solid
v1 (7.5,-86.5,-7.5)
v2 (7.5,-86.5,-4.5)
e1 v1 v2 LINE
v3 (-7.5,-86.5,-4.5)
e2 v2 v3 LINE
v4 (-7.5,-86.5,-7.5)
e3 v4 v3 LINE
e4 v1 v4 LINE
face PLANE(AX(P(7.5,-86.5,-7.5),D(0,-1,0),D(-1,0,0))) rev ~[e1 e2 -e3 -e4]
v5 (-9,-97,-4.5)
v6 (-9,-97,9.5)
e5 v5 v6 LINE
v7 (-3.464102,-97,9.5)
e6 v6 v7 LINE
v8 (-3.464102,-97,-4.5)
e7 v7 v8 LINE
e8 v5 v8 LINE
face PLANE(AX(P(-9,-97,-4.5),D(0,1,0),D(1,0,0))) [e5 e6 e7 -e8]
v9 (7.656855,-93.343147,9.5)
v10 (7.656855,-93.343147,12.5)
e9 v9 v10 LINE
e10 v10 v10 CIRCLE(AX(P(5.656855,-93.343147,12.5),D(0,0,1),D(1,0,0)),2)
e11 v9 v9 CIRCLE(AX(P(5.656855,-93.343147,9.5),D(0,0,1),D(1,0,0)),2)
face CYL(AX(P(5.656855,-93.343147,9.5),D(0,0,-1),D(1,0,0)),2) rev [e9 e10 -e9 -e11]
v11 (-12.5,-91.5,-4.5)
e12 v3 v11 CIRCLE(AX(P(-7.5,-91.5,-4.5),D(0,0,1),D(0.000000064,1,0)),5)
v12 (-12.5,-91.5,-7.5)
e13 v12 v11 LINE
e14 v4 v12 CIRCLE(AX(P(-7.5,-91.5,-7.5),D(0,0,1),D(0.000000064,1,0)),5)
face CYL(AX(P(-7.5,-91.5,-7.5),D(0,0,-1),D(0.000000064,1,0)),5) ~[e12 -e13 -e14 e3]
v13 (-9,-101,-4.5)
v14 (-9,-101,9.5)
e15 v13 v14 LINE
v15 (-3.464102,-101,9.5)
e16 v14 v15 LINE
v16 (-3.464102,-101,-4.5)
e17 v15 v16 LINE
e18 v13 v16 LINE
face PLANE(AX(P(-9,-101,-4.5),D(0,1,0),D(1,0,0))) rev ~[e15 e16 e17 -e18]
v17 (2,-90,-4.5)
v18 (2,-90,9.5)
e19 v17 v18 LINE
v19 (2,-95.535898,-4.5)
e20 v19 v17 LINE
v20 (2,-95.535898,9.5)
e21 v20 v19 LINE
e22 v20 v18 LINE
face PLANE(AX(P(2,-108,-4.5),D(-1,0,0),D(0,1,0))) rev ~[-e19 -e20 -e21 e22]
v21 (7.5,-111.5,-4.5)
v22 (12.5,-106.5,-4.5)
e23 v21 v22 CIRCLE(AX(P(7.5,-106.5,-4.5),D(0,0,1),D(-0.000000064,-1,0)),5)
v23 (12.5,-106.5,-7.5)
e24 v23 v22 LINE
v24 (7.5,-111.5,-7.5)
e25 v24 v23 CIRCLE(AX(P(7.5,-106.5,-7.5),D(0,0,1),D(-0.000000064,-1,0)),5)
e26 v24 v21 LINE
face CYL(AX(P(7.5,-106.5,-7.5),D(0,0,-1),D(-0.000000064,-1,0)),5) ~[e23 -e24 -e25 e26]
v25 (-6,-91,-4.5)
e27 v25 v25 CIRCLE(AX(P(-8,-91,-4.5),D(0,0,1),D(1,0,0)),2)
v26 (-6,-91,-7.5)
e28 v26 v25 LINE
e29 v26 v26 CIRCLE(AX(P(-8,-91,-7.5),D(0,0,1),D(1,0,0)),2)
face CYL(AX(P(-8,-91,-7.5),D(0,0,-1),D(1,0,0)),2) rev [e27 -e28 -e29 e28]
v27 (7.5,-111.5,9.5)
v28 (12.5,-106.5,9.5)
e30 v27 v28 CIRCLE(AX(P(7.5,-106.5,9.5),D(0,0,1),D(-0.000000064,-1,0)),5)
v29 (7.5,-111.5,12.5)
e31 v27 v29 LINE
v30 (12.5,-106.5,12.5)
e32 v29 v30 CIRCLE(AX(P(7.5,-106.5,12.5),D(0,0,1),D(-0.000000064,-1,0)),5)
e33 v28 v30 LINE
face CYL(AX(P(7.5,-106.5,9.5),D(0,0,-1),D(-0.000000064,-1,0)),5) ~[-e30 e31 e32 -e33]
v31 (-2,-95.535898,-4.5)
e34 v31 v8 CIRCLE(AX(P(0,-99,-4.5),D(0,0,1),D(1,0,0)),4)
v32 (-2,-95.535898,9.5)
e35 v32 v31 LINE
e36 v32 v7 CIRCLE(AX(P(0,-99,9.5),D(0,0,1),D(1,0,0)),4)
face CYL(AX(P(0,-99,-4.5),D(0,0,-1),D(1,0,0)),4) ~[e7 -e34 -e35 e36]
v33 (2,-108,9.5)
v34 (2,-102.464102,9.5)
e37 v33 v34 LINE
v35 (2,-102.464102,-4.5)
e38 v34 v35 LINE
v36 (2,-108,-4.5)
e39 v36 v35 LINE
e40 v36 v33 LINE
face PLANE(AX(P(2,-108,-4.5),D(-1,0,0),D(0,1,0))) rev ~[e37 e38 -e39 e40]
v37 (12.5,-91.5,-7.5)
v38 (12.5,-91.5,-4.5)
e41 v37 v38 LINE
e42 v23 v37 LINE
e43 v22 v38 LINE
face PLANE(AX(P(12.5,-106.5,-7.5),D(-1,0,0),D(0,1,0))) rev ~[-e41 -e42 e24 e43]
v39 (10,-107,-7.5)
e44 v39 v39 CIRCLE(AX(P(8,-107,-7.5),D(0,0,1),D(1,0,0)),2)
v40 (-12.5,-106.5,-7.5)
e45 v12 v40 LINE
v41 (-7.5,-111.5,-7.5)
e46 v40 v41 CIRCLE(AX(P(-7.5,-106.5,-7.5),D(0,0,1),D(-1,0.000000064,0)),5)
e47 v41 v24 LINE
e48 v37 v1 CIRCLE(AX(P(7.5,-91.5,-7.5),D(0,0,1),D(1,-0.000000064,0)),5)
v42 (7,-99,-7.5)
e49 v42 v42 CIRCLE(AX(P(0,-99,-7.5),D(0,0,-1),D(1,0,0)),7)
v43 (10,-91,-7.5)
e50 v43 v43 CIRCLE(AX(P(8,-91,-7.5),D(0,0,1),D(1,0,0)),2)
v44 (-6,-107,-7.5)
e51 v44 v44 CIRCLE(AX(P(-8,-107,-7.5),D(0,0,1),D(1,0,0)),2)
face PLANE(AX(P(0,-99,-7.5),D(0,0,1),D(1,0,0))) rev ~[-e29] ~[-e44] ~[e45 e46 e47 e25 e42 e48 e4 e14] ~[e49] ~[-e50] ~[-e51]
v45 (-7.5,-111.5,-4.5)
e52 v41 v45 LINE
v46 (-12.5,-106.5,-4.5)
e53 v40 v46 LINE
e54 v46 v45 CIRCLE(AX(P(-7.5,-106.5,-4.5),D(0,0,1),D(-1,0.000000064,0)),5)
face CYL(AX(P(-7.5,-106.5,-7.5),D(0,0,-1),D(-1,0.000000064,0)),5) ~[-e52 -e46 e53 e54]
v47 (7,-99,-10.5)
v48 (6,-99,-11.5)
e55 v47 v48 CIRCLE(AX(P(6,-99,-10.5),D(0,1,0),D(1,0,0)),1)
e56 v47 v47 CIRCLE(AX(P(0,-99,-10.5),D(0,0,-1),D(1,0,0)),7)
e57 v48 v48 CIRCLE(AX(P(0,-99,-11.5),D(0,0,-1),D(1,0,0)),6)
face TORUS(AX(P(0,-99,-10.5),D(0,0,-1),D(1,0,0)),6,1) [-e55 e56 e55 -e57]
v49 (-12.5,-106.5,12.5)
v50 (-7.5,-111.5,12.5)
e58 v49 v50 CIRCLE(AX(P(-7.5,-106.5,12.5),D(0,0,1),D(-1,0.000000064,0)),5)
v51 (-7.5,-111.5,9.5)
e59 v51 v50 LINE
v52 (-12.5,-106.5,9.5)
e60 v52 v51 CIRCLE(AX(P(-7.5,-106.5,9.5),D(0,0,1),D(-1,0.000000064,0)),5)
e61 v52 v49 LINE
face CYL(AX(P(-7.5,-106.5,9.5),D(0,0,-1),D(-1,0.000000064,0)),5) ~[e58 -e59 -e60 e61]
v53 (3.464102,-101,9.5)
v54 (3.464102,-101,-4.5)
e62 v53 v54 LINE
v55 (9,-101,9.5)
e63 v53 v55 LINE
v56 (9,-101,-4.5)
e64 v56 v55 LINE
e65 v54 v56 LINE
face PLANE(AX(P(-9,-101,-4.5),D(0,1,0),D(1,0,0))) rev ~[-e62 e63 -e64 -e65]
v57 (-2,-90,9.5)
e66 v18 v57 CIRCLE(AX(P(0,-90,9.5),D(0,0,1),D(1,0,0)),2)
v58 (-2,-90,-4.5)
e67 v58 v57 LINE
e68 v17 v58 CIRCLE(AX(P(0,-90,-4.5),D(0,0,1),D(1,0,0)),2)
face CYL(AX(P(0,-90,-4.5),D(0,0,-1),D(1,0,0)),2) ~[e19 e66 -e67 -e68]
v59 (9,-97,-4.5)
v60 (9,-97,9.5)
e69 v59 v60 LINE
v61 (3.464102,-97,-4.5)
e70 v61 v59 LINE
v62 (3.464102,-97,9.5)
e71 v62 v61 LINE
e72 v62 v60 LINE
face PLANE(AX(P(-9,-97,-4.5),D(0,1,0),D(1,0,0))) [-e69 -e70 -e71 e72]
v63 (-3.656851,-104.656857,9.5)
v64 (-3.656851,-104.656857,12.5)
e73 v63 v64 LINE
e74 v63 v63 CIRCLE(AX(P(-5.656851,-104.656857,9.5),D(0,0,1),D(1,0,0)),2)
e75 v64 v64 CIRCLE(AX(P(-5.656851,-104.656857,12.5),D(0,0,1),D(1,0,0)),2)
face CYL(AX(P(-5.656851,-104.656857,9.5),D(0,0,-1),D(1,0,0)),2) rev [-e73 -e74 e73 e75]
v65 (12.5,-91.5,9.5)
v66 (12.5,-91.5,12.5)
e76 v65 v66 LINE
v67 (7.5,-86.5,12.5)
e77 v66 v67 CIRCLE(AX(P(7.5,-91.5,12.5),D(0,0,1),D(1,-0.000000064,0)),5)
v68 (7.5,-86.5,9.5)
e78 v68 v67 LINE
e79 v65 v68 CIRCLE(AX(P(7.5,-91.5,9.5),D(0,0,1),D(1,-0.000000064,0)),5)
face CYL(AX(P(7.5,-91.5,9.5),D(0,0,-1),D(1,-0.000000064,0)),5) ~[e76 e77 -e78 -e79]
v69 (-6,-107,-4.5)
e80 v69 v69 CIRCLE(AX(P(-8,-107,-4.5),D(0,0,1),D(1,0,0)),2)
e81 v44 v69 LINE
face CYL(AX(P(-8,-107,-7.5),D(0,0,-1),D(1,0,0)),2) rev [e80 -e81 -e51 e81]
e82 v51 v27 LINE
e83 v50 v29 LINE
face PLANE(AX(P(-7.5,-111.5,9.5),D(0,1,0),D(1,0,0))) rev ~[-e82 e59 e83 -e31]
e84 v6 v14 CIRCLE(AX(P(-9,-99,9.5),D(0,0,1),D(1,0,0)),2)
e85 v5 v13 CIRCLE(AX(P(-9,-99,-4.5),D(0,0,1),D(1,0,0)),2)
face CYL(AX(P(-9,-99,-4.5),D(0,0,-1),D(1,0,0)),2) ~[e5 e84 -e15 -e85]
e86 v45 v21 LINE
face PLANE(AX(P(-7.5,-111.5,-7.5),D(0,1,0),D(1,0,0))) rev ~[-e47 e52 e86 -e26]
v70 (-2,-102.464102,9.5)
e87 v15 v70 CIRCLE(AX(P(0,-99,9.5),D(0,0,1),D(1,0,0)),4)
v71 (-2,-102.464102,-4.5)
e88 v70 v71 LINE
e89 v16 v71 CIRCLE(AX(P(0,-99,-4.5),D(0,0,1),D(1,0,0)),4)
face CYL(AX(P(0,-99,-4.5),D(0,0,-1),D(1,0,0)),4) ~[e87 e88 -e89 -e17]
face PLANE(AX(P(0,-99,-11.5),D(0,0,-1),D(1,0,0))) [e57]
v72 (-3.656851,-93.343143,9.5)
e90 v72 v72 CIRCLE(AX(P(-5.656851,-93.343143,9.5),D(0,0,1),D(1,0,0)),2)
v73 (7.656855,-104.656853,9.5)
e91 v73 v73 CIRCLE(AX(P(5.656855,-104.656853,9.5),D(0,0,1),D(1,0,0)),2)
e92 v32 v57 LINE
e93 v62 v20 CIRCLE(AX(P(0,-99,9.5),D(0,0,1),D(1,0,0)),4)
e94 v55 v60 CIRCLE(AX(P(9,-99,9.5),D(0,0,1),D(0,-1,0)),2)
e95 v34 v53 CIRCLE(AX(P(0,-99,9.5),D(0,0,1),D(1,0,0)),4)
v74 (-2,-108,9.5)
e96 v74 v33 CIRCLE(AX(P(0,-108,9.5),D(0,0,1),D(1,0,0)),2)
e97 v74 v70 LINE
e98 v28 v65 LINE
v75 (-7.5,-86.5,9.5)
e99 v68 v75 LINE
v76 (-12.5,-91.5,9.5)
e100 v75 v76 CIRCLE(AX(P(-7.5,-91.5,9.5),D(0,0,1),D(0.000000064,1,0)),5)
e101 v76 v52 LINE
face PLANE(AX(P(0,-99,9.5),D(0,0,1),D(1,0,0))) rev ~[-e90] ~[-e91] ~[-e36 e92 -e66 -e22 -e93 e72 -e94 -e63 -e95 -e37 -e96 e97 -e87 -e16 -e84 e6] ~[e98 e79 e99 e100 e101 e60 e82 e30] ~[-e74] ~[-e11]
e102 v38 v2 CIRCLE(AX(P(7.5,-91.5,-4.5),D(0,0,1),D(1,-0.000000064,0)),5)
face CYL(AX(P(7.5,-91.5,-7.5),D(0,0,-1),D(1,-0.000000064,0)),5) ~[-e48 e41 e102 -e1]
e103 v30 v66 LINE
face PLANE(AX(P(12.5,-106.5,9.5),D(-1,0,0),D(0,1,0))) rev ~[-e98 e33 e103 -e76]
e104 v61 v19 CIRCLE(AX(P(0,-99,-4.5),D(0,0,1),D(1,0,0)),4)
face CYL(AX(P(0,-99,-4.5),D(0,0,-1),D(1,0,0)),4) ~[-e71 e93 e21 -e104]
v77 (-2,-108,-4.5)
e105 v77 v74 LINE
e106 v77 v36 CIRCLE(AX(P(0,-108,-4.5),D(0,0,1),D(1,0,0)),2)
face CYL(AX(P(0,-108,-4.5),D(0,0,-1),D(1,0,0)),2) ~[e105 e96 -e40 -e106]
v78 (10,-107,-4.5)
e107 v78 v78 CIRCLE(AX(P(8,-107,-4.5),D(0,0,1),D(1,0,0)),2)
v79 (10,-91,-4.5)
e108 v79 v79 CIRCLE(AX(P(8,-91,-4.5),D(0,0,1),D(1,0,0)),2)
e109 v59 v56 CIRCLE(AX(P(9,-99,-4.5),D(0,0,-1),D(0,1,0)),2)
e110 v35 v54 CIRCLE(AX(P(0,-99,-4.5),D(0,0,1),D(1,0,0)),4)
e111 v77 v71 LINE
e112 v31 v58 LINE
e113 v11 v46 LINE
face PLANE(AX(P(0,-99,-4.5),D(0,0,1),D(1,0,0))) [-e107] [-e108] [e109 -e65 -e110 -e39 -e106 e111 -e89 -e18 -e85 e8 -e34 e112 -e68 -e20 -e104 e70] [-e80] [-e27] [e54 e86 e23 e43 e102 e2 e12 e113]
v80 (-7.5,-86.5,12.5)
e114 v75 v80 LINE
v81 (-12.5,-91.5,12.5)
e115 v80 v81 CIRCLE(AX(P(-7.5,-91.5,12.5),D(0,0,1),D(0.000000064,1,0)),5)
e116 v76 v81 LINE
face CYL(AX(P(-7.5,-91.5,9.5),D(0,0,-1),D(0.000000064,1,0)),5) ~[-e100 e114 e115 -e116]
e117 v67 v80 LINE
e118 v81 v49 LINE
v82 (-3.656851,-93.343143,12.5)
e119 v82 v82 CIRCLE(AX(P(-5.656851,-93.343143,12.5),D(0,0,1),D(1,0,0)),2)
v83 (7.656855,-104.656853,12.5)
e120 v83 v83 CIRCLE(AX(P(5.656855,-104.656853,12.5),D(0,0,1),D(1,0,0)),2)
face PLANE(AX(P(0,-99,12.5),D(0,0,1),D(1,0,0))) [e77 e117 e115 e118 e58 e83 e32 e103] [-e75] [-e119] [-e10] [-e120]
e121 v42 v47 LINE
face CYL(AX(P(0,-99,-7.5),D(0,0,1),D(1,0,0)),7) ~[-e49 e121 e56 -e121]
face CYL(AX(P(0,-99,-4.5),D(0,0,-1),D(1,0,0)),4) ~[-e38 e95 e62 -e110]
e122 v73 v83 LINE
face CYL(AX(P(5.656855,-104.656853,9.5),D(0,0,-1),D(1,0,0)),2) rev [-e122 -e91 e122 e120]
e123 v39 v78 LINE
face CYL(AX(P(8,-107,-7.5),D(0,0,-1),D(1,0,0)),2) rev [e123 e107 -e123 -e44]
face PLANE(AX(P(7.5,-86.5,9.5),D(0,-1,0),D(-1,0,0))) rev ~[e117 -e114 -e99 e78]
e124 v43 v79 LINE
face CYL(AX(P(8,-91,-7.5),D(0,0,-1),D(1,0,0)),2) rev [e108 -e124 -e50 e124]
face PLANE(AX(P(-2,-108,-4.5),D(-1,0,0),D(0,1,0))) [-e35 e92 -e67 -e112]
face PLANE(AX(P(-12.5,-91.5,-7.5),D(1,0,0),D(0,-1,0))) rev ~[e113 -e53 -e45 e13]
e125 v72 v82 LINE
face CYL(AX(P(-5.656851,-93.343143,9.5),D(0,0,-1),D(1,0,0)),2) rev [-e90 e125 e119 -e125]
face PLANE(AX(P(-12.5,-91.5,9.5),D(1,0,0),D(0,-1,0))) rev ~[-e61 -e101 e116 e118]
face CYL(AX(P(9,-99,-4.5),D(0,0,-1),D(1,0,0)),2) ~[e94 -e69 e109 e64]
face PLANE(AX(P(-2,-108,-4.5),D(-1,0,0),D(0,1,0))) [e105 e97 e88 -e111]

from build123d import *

# Parameters (mm, degrees)
SKETCH028_R   = 2
PAD018_DEPTH  = 3
SKETCH005_R   = 7
PAD003_DEPTH  = 4
FILLET_R      = 1
SKETCH029_R   = 4
SKETCH029_R_2 = 2
PAD019_DEPTH  = 14
SKETCH030_R   = 2
PAD020_DEPTH  = 3
SKETCH031_W   = 18
SKETCH031_H   = 4
PAD021_DEPTH  = 14
SKETCH032_W   = 4
SKETCH032_H   = 18
PAD022_DEPTH  = 14


with BuildPart() as part:
    # Sketch028 (on Face1 of CopySolid004) → Pad018 (new body)
    with BuildSketch(Plane.XY.offset(-16)):
        with BuildLine():
            Line((-7.5, -12.5), (7.5, -12.5))
            ThreePointArc((7.5, -12.5), (11.035534, -11.035534), (12.5, -7.5))
            Line((12.5, -7.5), (12.5, 7.5))
            ThreePointArc((12.5, 7.5), (11.035534, 11.035534), (7.5, 12.5))
            Line((7.5, 12.5), (-7.5, 12.5))
            ThreePointArc((-7.5, 12.5), (-11.035534, 11.035534), (-12.5, 7.5))
            Line((-12.5, 7.5), (-12.5, -7.5))
            ThreePointArc((-12.5, -7.5), (-11.035534, -11.035534), (-7.5, -12.5))
        make_face()
        with Locations((-8, 8)):
            Circle(SKETCH028_R, mode=Mode.SUBTRACT)
        with Locations((8, 8)):
            Circle(SKETCH028_R, mode=Mode.SUBTRACT)
        with Locations((8, -8)):
            Circle(SKETCH028_R, mode=Mode.SUBTRACT)
        with Locations((-8, -8)):
            Circle(SKETCH028_R, mode=Mode.SUBTRACT)
    extrude(amount=PAD018_DEPTH)

    # Sketch005 (on Face13 of Pad018) → Pad003 (join)
    with BuildSketch(Plane(origin=(0, 0, -16), x_dir=(1, 0, 0), z_dir=(0, 0, -1))):
        Circle(SKETCH005_R)
    extrude(amount=PAD003_DEPTH)

    # Fillet
    fillet_edges = [part.edges().sort_by_distance(p)[0] for p in [
        (-7, 0, -20),
    ]]
    fillet(fillet_edges, radius=FILLET_R)

    # Sketch029 (on Face17 of Fillet) → Pad019 (join)
    with BuildSketch(Plane.XY.offset(-13)):
        Circle(SKETCH029_R)
        with Locations((0, 9)):
            Circle(SKETCH029_R_2)
        with Locations((9, 0)):
            Circle(SKETCH029_R_2)
        with Locations((0, -9)):
            Circle(SKETCH029_R_2)
        with Locations((-9, 0)):
            Circle(SKETCH029_R_2)
    extrude(amount=PAD019_DEPTH)

    # Sketch030 (on Face25 of Pad019) → Pad020 (join)
    with BuildSketch(Plane.XY.offset(1)):
        with BuildLine():
            Line((-7.5, -12.5), (7.5, -12.5))
            ThreePointArc((7.5, -12.5), (11.035534, -11.035534), (12.5, -7.5))
            Line((12.5, -7.5), (12.5, 7.5))
            ThreePointArc((12.5, 7.5), (11.035534, 11.035534), (7.5, 12.5))
            Line((7.5, 12.5), (-7.5, 12.5))
            ThreePointArc((-7.5, 12.5), (-11.035534, 11.035534), (-12.5, 7.5))
            Line((-12.5, 7.5), (-12.5, -7.5))
            ThreePointArc((-12.5, -7.5), (-11.035534, -11.035534), (-7.5, -12.5))
        make_face()
        with Locations((-5.656851, 5.656857)):
            Circle(SKETCH030_R, mode=Mode.SUBTRACT)
        with Locations((5.656855, 5.656853)):
            Circle(SKETCH030_R, mode=Mode.SUBTRACT)
        with Locations((5.656855, -5.656853)):
            Circle(SKETCH030_R, mode=Mode.SUBTRACT)
        with Locations((-5.656851, -5.656857)):
            Circle(SKETCH030_R, mode=Mode.SUBTRACT)
    extrude(amount=PAD020_DEPTH)

    # Sketch031 (on Face17 of Pad020) → Pad021 (join)
    with BuildSketch(Plane.XY.offset(-13)):
        Rectangle(SKETCH031_W, SKETCH031_H)
    extrude(amount=PAD021_DEPTH)

    # Sketch032 (on Face17 of Pad021) → Pad022 (join)
    with BuildSketch(Plane.XY.offset(-13)):
        Rectangle(SKETCH032_W, SKETCH032_H)
    extrude(amount=PAD022_DEPTH)


with BuildPart() as part_1:
    # Body010 placement: moved
    add(part.part.moved(Location((0, -99, 8.5))))


solid = part_1.part
